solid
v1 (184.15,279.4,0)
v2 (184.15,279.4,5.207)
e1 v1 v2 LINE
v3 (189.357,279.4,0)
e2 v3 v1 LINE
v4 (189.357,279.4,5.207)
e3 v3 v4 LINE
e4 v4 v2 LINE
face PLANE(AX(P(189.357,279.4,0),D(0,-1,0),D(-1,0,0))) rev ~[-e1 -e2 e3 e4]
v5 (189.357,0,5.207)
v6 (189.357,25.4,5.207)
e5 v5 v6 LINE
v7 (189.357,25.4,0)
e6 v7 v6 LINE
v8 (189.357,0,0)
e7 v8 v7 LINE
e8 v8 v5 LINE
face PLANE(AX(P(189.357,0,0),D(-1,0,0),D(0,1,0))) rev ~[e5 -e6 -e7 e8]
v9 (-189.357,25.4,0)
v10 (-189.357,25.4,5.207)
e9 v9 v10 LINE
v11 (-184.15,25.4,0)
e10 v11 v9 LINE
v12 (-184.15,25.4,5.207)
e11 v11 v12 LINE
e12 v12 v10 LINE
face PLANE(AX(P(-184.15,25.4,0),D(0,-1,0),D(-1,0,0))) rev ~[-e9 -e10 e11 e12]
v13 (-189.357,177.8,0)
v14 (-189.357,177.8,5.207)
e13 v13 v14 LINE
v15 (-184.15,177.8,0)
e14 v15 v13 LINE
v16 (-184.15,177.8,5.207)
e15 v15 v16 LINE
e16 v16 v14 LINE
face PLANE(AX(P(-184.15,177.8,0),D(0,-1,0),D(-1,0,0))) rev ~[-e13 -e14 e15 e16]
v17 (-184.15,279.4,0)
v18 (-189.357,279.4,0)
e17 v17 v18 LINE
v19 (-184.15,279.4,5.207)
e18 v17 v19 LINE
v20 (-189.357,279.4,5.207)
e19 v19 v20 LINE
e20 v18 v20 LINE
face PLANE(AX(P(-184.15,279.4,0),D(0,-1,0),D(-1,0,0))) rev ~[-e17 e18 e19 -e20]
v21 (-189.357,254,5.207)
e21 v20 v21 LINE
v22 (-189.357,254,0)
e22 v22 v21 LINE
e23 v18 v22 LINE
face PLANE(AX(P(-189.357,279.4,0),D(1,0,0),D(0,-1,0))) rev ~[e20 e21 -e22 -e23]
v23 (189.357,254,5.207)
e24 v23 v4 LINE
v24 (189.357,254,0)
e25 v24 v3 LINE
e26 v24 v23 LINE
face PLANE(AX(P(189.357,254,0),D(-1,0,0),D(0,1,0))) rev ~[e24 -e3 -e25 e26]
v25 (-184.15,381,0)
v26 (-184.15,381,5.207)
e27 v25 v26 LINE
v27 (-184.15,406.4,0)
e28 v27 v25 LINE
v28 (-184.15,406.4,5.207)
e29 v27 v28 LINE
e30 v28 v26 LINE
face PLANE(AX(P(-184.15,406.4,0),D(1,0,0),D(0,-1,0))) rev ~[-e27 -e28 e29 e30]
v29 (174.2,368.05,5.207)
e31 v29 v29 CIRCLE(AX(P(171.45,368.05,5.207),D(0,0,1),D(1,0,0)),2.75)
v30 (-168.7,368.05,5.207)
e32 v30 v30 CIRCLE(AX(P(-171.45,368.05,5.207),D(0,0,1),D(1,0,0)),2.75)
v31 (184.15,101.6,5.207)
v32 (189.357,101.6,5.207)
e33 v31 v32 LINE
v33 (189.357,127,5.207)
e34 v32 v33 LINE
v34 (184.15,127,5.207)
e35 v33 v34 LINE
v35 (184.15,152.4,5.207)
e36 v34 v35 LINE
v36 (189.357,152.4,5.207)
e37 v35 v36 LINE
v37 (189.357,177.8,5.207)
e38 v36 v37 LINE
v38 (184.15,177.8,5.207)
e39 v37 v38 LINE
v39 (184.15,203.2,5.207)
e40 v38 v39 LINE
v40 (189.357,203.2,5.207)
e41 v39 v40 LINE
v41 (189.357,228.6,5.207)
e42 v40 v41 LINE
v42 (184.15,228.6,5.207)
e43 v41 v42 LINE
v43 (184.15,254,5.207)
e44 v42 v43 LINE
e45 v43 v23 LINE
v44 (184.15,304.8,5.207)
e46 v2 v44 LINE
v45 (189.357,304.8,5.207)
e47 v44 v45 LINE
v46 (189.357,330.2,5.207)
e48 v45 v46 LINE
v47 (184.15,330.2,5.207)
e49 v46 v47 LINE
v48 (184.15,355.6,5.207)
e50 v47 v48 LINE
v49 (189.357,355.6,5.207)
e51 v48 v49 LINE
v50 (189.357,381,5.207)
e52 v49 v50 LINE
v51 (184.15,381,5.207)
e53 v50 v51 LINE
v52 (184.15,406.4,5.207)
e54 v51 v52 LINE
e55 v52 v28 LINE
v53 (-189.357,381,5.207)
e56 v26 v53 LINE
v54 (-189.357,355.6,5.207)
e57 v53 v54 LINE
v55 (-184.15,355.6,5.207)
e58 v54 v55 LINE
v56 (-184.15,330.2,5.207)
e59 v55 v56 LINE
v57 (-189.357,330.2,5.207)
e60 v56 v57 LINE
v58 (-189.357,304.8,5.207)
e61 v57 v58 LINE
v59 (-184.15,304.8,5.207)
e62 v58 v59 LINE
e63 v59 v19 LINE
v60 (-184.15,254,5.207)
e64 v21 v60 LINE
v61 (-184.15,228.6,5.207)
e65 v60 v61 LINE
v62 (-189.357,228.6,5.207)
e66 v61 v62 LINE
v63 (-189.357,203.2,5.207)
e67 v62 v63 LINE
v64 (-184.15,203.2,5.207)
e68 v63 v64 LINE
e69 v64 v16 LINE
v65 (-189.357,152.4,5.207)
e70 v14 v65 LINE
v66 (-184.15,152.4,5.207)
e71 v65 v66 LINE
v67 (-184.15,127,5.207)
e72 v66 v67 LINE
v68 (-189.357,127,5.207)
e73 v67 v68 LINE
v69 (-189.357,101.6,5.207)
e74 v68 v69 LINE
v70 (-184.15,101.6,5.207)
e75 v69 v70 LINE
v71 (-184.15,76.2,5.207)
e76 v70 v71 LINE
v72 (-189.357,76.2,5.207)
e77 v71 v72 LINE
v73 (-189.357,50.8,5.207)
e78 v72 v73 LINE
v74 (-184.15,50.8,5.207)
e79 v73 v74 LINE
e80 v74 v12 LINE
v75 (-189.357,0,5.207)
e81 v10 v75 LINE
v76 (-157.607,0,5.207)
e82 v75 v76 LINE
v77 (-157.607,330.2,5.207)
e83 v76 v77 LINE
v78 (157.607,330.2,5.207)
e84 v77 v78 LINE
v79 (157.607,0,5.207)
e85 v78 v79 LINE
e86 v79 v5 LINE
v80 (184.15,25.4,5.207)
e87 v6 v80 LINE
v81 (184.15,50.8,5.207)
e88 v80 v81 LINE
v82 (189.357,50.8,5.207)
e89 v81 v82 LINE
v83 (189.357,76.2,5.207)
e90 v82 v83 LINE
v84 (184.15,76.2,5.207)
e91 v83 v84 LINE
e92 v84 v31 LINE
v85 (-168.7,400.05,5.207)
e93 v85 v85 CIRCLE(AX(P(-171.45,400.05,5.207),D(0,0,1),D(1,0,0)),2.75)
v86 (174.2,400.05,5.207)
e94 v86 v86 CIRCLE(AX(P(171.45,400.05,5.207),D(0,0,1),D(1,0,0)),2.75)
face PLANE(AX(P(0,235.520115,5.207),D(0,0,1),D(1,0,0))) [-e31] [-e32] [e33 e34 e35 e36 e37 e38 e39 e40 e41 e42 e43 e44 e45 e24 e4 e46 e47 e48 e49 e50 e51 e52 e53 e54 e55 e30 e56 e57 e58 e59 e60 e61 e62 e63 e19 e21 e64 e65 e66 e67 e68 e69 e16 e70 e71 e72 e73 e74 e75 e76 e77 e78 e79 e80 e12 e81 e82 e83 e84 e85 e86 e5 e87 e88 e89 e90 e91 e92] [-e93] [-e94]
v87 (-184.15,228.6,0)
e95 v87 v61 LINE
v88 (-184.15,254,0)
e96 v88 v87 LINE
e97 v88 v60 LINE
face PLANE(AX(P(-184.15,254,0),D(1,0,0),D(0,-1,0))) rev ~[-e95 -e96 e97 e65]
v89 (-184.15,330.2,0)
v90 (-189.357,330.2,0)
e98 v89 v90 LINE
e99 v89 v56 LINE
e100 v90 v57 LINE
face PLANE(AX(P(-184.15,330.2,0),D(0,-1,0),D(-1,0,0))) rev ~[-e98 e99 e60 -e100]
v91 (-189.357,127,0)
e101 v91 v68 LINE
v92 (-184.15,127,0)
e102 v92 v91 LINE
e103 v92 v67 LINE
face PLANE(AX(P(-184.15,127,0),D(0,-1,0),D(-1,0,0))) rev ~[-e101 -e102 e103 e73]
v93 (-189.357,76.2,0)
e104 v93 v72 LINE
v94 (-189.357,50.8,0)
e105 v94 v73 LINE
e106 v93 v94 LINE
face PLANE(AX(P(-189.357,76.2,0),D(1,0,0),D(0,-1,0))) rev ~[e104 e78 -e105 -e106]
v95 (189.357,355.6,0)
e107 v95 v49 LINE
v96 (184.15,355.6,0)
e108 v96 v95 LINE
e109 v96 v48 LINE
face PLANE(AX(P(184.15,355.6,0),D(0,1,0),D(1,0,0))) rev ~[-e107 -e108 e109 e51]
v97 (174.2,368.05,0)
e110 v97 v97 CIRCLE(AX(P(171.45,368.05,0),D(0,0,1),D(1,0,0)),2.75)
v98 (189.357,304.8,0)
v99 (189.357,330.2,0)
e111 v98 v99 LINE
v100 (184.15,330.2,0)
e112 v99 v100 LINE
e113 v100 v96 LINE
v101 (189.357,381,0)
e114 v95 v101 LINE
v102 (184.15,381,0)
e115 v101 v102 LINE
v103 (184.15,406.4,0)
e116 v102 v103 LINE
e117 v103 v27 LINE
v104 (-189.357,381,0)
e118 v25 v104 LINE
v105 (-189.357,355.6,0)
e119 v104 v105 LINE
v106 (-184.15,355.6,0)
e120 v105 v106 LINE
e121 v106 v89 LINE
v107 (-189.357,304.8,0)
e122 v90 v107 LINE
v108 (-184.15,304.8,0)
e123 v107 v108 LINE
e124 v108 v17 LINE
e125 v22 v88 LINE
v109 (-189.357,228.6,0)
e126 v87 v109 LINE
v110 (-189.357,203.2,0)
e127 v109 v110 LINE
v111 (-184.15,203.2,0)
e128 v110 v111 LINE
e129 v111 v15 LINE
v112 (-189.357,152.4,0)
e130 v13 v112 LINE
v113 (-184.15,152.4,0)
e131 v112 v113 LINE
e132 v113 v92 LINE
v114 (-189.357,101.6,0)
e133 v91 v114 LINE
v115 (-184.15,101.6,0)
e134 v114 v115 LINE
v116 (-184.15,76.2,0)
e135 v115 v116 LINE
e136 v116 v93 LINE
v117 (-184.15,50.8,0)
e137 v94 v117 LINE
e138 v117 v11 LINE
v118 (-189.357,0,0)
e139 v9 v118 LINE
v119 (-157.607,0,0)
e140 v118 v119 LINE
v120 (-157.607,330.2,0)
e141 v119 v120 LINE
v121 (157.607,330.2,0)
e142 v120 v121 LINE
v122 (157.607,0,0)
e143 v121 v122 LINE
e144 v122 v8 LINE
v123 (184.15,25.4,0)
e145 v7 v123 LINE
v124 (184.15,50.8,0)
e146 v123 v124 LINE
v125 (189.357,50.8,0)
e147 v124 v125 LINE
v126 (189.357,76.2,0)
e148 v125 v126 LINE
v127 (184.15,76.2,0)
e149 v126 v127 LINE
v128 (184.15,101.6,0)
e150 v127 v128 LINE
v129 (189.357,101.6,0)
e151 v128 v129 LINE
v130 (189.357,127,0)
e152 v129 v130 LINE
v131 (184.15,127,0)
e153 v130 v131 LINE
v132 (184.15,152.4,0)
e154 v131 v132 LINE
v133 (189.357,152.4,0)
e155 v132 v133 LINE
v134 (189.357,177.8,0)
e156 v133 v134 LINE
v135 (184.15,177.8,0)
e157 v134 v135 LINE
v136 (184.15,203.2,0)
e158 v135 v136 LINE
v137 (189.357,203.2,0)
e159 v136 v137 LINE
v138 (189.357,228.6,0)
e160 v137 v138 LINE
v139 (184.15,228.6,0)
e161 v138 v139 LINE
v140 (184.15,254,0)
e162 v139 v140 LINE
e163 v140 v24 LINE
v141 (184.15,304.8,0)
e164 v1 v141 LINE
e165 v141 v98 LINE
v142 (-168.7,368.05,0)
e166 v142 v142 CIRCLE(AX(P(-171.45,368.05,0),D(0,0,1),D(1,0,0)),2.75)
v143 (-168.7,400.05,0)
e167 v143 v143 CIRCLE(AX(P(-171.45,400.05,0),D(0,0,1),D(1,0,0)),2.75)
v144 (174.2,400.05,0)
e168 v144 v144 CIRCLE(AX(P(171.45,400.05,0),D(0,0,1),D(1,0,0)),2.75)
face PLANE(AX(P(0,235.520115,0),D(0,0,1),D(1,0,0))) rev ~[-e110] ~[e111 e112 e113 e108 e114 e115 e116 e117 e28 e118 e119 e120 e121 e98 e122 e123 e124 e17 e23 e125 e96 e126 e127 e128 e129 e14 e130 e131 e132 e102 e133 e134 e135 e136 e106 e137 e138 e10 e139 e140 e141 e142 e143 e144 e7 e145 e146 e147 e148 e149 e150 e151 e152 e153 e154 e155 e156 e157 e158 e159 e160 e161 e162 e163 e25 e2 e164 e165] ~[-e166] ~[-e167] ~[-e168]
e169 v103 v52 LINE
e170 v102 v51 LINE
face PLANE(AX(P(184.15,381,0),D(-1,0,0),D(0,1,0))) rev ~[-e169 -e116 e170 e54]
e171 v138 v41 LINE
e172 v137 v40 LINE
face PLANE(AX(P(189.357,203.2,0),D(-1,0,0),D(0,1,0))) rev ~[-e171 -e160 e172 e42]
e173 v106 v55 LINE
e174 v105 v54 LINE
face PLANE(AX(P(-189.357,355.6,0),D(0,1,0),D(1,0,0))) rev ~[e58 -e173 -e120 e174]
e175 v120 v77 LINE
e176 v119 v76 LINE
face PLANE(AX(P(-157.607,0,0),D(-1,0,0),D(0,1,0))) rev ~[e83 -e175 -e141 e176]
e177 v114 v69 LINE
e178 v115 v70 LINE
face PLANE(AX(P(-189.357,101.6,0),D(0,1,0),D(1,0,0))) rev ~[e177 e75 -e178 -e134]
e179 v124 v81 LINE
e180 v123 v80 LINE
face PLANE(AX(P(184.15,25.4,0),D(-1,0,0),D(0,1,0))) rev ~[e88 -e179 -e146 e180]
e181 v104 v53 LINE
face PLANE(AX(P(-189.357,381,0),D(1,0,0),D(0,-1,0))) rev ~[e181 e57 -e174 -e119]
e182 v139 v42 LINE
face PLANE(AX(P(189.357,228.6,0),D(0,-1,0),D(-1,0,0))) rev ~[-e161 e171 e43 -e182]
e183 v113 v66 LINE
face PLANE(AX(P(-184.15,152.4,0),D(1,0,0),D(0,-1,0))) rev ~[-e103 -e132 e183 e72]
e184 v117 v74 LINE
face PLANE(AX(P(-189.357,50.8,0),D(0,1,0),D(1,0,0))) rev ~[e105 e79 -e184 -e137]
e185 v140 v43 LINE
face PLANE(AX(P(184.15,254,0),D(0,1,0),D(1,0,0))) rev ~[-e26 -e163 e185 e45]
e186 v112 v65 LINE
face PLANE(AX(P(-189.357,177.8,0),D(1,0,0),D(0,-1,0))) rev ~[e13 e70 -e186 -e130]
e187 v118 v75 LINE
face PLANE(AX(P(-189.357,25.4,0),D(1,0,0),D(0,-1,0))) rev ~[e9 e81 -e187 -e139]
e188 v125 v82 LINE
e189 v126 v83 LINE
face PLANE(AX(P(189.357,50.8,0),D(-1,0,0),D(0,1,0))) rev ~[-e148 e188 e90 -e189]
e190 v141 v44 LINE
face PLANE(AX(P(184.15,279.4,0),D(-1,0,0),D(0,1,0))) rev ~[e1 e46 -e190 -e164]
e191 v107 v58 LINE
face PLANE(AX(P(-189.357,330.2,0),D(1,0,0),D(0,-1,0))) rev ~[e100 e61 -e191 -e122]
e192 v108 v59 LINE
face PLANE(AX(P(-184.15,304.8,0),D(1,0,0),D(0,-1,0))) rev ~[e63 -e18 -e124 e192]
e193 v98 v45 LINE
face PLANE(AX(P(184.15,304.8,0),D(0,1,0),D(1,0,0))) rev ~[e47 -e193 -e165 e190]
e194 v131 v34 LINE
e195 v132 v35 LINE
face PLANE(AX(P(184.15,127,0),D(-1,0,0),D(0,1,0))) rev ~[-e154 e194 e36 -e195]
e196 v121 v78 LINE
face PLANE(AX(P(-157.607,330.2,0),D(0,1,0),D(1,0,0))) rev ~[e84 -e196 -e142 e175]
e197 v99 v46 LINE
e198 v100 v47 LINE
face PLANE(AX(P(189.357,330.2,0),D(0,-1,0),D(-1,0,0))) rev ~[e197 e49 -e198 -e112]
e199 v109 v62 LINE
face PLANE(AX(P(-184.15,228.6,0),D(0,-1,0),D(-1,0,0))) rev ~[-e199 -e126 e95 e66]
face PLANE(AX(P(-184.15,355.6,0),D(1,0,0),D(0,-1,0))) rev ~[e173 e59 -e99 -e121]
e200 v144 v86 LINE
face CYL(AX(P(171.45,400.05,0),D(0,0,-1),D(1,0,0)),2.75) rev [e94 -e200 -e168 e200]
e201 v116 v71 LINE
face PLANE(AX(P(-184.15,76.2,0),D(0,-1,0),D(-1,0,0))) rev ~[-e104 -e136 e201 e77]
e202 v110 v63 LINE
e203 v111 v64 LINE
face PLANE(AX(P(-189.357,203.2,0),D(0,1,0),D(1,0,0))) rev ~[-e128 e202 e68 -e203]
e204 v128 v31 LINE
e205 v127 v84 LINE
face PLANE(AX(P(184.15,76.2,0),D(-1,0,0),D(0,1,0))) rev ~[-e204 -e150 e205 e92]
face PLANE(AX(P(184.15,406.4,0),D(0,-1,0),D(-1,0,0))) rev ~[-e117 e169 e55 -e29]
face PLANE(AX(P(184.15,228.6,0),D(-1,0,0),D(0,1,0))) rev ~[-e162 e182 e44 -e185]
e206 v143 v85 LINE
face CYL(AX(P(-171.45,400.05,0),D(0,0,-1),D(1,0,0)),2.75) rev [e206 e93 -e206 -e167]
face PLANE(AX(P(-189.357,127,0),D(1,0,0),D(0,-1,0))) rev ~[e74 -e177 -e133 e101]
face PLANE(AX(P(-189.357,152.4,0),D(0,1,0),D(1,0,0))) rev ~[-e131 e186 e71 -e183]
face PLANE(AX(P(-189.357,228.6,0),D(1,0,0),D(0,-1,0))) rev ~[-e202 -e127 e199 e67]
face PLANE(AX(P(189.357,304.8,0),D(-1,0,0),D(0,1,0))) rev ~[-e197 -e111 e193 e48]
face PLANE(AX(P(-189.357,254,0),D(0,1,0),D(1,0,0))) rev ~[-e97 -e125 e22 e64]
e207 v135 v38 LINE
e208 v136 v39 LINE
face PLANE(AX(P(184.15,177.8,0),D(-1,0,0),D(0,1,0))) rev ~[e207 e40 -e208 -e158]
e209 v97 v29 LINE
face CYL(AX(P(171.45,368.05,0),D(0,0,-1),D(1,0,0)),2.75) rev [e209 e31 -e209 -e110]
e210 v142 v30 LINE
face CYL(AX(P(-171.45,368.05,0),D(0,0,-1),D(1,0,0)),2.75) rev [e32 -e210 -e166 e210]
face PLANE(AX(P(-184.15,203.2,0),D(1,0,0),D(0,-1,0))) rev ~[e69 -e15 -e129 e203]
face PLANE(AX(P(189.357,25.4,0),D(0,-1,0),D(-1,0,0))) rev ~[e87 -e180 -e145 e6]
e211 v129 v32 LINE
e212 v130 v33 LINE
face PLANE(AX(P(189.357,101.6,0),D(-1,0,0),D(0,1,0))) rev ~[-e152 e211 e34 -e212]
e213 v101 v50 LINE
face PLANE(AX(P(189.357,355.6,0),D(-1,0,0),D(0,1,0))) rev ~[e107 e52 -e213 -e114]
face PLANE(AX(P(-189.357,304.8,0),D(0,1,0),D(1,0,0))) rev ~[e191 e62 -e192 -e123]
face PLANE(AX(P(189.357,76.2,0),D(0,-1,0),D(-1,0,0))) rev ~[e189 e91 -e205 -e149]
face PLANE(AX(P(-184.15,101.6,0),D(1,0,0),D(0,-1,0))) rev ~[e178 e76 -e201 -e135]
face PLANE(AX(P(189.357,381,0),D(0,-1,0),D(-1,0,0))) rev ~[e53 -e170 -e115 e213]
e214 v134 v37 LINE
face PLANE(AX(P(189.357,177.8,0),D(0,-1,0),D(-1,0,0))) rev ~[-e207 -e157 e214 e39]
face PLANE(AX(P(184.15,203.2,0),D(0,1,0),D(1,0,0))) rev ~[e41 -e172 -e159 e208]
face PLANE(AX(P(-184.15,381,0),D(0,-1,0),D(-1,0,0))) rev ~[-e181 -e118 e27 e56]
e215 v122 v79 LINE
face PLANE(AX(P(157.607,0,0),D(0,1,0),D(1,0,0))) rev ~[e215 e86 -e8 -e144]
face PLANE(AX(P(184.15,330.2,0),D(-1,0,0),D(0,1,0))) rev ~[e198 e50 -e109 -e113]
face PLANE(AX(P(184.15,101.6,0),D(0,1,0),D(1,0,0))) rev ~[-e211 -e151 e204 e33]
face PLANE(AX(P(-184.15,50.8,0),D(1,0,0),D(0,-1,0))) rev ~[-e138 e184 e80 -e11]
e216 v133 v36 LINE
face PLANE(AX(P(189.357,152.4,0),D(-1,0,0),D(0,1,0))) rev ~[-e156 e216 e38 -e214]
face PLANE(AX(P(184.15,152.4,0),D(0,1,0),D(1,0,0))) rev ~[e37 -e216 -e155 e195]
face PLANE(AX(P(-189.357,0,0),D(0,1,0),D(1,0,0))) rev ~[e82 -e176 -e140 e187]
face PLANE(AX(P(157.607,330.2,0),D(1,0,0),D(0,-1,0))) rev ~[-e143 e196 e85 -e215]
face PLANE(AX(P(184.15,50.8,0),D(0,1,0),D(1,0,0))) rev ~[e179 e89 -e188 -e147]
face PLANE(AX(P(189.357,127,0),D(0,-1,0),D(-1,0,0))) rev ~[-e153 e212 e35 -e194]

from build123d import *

# Parameters (mm, degrees)
SKETCH1_R           = 2.75
BOSS_EXTRUDE1_DEPTH = 5.207


with BuildPart() as part:
    # Sketch1 → Boss-Extrude1 (new body)
    with BuildSketch(Plane.XY):
        Polygon((-189.357, 25.4), (-189.357, 0), (-157.607, 0), (-157.607, 330.2), (157.607, 330.2), (157.607, 0), (189.357, 0), (189.357, 25.4), (184.15, 25.4), (184.15, 50.8), (189.357, 50.8), (189.357, 76.2), (184.15, 76.2), (184.15, 101.6), (189.357, 101.6), (189.357, 127), (184.15, 127), (184.15, 152.4), (189.357, 152.4), (189.357, 177.8), (184.15, 177.8), (184.15, 203.2), (189.357, 203.2), (189.357, 228.6), (184.15, 228.6), (184.15, 254), (189.357, 254), (189.357, 279.4), (184.15, 279.4), (184.15, 304.8), (189.357, 304.8), (189.357, 330.2), (184.15, 330.2), (184.15, 355.6), (189.357, 355.6), (189.357, 381), (184.15, 381), (184.15, 406.4), (-184.15, 406.4), (-184.15, 381), (-189.357, 381), (-189.357, 355.6), (-184.15, 355.6), (-184.15, 330.2), (-189.357, 330.2), (-189.357, 304.8), (-184.15, 304.8), (-184.15, 279.4), (-189.357, 279.4), (-189.357, 254), (-184.15, 254), (-184.15, 228.6), (-189.357, 228.6), (-189.357, 203.2), (-184.15, 203.2), (-184.15, 177.8), (-189.357, 177.8), (-189.357, 152.4), (-184.15, 152.4), (-184.15, 127), (-189.357, 127), (-189.357, 101.6), (-184.15, 101.6), (-184.15, 76.2), (-189.357, 76.2), (-189.357, 50.8), (-184.15, 50.8), (-184.15, 25.4), align=None)
        with Locations((-171.45, 368.05)):
            Circle(SKETCH1_R, mode=Mode.SUBTRACT)
        with Locations((-171.45, 400.05)):
            Circle(SKETCH1_R, mode=Mode.SUBTRACT)
        with Locations((171.45, 368.05)):
            Circle(SKETCH1_R, mode=Mode.SUBTRACT)
        with Locations((171.45, 400.05)):
            Circle(SKETCH1_R, mode=Mode.SUBTRACT)
    extrude(amount=BOSS_EXTRUDE1_DEPTH)


solid = part.part
